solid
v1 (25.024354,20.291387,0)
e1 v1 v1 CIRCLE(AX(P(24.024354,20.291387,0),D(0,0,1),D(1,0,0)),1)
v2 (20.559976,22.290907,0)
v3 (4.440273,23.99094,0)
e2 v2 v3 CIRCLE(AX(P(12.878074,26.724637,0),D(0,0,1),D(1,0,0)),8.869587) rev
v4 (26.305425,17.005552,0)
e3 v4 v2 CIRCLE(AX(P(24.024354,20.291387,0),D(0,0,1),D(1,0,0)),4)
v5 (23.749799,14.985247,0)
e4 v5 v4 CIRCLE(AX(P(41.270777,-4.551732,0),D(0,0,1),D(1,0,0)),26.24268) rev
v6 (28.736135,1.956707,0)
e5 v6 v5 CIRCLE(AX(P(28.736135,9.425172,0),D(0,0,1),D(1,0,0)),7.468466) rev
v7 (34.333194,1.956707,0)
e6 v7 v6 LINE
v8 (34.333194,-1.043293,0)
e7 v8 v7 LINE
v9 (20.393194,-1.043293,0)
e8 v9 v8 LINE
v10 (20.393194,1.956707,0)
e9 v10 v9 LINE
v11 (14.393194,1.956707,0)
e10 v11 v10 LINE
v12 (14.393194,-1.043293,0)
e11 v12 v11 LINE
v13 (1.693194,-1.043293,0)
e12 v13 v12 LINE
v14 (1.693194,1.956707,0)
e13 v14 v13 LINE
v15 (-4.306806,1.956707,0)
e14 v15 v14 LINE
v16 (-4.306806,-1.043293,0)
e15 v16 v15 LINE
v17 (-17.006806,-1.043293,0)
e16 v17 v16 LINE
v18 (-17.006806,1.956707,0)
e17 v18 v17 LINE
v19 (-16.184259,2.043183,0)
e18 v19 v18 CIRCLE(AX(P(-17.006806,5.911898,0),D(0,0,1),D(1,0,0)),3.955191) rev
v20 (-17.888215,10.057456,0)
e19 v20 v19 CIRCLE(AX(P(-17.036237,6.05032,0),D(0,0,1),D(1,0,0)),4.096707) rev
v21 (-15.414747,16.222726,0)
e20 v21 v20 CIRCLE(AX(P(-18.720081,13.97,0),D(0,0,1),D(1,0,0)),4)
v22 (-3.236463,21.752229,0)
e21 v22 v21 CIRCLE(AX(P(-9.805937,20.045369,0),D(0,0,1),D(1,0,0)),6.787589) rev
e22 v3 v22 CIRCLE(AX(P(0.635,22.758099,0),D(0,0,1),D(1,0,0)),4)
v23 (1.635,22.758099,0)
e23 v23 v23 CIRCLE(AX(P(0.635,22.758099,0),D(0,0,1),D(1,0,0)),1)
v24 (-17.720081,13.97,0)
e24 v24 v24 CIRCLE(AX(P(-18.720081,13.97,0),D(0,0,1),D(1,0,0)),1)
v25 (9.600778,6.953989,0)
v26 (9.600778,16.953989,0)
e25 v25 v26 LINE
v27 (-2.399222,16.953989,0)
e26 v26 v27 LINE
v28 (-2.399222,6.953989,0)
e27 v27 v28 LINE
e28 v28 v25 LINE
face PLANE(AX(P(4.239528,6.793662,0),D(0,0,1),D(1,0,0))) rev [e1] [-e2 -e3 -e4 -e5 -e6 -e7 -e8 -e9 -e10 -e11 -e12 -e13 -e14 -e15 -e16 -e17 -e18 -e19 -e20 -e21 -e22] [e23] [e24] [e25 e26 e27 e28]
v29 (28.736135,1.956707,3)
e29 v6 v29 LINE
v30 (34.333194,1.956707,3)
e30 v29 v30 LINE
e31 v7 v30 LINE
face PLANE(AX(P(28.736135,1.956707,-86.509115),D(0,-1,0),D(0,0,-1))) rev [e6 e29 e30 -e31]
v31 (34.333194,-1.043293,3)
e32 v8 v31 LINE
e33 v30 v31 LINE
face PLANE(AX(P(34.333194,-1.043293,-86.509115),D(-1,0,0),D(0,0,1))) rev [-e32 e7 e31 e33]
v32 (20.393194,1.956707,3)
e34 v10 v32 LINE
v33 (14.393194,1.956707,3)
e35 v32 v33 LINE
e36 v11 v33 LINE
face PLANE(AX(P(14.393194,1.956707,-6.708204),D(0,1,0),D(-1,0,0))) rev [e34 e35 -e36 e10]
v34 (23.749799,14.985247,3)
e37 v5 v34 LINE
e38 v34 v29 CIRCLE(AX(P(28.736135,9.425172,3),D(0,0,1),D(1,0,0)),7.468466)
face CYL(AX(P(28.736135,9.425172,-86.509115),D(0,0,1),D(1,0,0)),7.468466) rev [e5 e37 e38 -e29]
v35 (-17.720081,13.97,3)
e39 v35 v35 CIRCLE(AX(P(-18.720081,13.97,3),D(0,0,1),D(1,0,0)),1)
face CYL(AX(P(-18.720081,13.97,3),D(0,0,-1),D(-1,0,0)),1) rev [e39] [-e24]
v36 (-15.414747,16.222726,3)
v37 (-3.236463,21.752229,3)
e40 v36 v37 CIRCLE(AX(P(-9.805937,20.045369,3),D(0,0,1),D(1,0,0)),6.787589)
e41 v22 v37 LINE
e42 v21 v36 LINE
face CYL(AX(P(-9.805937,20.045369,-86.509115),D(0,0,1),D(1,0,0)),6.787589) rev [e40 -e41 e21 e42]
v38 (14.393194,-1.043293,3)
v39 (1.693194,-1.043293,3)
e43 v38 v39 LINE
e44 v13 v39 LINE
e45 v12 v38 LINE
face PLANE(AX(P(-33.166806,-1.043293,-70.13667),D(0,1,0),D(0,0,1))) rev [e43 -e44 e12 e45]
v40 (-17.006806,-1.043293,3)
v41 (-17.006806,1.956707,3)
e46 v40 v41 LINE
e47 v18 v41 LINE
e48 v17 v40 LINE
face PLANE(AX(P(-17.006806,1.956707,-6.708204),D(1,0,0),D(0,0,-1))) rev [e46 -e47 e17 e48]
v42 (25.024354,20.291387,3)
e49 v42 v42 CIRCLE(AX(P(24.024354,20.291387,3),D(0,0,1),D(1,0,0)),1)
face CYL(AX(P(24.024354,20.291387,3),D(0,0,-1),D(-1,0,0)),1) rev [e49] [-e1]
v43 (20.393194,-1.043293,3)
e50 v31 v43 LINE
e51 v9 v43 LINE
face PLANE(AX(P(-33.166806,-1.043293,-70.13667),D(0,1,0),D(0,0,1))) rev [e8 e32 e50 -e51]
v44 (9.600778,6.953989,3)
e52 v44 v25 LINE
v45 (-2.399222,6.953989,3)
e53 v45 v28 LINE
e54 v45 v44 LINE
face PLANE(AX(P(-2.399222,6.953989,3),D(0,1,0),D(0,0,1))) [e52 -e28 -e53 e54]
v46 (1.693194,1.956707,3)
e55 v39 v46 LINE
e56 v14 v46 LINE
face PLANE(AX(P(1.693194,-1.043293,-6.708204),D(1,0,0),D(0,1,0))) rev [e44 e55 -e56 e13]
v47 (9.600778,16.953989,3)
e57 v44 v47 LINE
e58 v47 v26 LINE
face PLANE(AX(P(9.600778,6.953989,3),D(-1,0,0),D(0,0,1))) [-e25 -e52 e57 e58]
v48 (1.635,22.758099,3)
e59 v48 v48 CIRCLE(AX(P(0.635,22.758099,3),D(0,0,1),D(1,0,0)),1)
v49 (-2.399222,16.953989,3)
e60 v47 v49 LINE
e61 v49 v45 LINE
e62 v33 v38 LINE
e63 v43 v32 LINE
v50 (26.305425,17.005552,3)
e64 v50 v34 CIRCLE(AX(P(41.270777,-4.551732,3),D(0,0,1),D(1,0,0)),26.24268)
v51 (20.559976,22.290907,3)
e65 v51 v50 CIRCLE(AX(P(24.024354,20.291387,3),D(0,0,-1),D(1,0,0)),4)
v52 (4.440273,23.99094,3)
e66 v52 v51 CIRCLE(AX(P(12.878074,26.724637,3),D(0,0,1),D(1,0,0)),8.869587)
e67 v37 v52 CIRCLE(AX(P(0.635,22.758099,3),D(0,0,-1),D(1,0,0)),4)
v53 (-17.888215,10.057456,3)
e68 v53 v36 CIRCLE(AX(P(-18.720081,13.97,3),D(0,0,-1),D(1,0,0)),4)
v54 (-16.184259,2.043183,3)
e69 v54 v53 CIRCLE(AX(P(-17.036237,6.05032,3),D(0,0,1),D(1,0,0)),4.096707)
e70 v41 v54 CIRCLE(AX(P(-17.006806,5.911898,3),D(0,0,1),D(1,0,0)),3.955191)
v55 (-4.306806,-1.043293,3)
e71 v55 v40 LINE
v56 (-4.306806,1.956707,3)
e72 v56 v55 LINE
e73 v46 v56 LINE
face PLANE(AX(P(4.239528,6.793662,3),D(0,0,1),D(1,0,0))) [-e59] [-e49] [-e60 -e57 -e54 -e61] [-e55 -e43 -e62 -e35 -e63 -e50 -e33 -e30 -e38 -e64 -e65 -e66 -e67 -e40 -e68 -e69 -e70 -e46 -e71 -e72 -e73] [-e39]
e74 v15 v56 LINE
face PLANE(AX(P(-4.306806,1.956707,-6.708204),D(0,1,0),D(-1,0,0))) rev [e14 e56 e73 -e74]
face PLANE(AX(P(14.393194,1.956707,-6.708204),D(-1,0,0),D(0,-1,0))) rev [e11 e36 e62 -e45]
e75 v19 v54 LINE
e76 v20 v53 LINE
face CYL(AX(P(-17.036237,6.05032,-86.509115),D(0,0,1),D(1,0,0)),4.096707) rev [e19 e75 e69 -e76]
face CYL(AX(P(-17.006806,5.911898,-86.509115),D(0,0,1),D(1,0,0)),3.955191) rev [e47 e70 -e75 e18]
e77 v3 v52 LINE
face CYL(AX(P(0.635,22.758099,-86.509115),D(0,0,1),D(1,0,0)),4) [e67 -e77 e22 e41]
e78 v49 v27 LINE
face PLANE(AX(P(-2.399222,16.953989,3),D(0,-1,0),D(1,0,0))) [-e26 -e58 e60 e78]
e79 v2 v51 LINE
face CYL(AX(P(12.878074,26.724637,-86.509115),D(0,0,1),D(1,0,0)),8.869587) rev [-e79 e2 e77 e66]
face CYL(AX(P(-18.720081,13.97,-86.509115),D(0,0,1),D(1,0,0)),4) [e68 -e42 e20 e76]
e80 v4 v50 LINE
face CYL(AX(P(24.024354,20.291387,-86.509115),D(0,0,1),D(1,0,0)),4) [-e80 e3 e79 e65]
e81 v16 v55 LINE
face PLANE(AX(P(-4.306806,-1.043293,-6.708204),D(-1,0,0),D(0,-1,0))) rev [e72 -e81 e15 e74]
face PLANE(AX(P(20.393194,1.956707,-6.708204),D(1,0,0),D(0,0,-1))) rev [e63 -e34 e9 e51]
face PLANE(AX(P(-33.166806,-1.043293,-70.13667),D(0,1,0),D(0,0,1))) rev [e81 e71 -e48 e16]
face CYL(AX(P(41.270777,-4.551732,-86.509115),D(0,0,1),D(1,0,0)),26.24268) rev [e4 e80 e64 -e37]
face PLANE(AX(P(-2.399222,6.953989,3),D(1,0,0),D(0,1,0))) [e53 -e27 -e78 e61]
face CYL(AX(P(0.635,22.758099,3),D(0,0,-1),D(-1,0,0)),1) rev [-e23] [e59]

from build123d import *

# Parameters (mm, degrees)
SKETCH_2_R          = 1
SKETCH_2_W          = 12
SKETCH_2_H          = 10
EXTRUDE_1_DEPTH     = 3
SKETCH_3_W          = 67.5
SKETCH_3_H          = 19.05
CUT_EXTRUDE_1_DEPTH = 3
SKETCH_4_W          = 6
SKETCH_4_H          = 3
CUT_EXTRUDE_2_DEPTH = 3
CUT_EXTRUDE_START   = -3
CUT_EXTRUDE_3_DEPTH = 3


with BuildPart() as part:
    # 스케치2 → 보스-돌출1 (new body)
    with BuildSketch(Plane.XY):
        with BuildLine():
            Line((-25.485574715, -6.758293196), (31.501216284, -6.758293196))
            ThreePointArc((31.501216284, -6.758293196), (38.452055955, -4.004295945), (41.630451907, 2.763013133))
            ThreePointArc((41.630451907, 2.763013133), (34.930270172, 4.650120348), (27.980151111, 4.263527588))
            ThreePointArc((27.980151111, 4.263527588), (30.476148958, 15.174416231), (26.885608279, 25.775619647))
            ThreePointArc((26.885608279, 25.775619647), (19.196067088, 24.921345998), (12.532472084, 20.9900194))
            ThreePointArc((12.532472084, 20.9900194), (7.013386949, 25.131320034), (0.635, 27.763211294))
            ThreePointArc((0.635, 27.763211294), (-5.803216647, 23.07550321), (-10.623464465, 16.735909244))
            ThreePointArc((-10.623464465, 16.735909244), (-16.694266299, 18.270908366), (-22.954465563, 18.415))
            ThreePointArc((-22.954465563, 18.415), (-24.716513625, 12.803357438), (-25.333146618, 6.95398915))
            ThreePointArc((-25.333146618, 6.95398915), (-32.051736926, 6.951939733), (-37.86649166, 3.586217327))
            ThreePointArc((-37.86649166, 3.586217327), (-33.552420479, -3.831808304), (-25.485574715, -6.758293196))
        make_face()
        with Locations((-18.720080529, 13.97)):
            Circle(SKETCH_2_R, mode=Mode.SUBTRACT)
        with Locations((0.635, 22.758099244)):
            Circle(SKETCH_2_R, mode=Mode.SUBTRACT)
        with Locations((24.024354369, 20.291387406)):
            Circle(SKETCH_2_R, mode=Mode.SUBTRACT)
        with Locations((3.600778132, 11.95398915)):
            Rectangle(SKETCH_2_W, SKETCH_2_H, mode=Mode.SUBTRACT)
    extrude(amount=EXTRUDE_1_DEPTH)

    # 스케치3 → 컷-돌출1 (cut)
    with BuildSketch(Plane.XY.offset(3)):
        with Locations((0.583193505, -10.568293196)):
            Rectangle(SKETCH_3_W, SKETCH_3_H)
    extrude(amount=-CUT_EXTRUDE_1_DEPTH, mode=Mode.SUBTRACT)

    # 스케치4 → 컷-돌출2 (cut)
    with BuildSketch(Plane.XY.offset(3)):
        with Locations((-20.006806495, 0.456706804)):
            Rectangle(SKETCH_4_W, SKETCH_4_H)
        with Locations((17.393193505, 0.456706804)):
            Rectangle(SKETCH_4_W, SKETCH_4_H)
        with Locations((-1.306806495, 0.456706804)):
            Rectangle(SKETCH_4_W, SKETCH_4_H)
    extrude(amount=-CUT_EXTRUDE_2_DEPTH, mode=Mode.SUBTRACT)

    # 스케치6 → 컷-돌출3 (cut)
    with BuildSketch(Plane.XY.offset(3).offset(CUT_EXTRUDE_START)):
        with BuildLine():
            Line((-17.006806495, 1.956706804), (-23.006806495, 1.956706804))
            Line((-23.006806495, 1.956706804), (-23.006806495, -1.043293196))
            Line((-23.006806495, -1.043293196), (-33.166806495, -1.043293196))
            Line((-33.166806495, -1.043293196), (-33.166806495, -4.141334476))
            ThreePointArc((-33.166806495, -4.141334476), (-36.235049915, -0.71447027), (-37.86649166, 3.586217327))
            ThreePointArc((-37.86649166, 3.586217327), (-32.051736926, 6.951939733), (-25.333146618, 6.95398915))
            ThreePointArc((-25.333146618, 6.95398915), (-24.716513625, 12.803357438), (-22.954465563, 18.415))
            ThreePointArc((-22.954465563, 18.415), (-16.694266299, 18.270908366), (-10.623464465, 16.735909244))
            ThreePointArc((-10.623464465, 16.735909244), (-5.803216647, 23.07550321), (0.635, 27.763211294))
            ThreePointArc((0.635, 27.763211294), (7.013386949, 25.131320034), (12.532472084, 20.9900194))
            ThreePointArc((12.532472084, 20.9900194), (19.196067088, 24.921345998), (26.885608279, 25.775619647))
            ThreePointArc((26.885608279, 25.775619647), (30.476148958, 15.174416231), (27.980151111, 4.263527588))
            ThreePointArc((27.980151111, 4.263527588), (34.930270172, 4.650120348), (41.630451907, 2.763013133))
            ThreePointArc((41.630451907, 2.763013133), (39.424820657, -2.950900295), (34.333193505, -6.355154812))
            Line((34.333193505, -6.355154812), (34.333193505, -1.043293196))
            Line((34.333193505, -1.043293196), (34.333193505, 1.956706804))
            Line((34.333193505, 1.956706804), (28.736134873, 1.956706804))
            ThreePointArc((28.736134873, 1.956706804), (21.761064735, 6.755645136), (23.749798637, 14.985247192))
            ThreePointArc((23.749798637, 14.985247192), (24.996231791, 16.035094284), (26.305425054, 17.005551662))
            ThreePointArc((26.305425054, 17.005551662), (26.732453483, 23.235228296), (20.559975673, 22.290907411))
            ThreePointArc((20.559975673, 22.290907411), (11.947819263, 17.903967637), (4.440273192, 23.99093984))
            ThreePointArc((4.440273192, 23.99093984), (-0.484844776, 26.598144514), (-3.236462793, 21.752228554))
            ThreePointArc((-3.236462793, 21.752228554), (-6.999770707, 13.865014257), (-15.414747401, 16.222725663))
            ThreePointArc((-15.414747401, 16.222725663), (-20.472957028, 17.565472706), (-22.530630542, 12.753567266))
            ThreePointArc((-22.530630542, 12.753567266), (-20.728909441, 10.511010783), (-17.88821468, 10.057456172))
            ThreePointArc((-17.88821468, 10.057456172), (-13.029100566, 6.902297391), (-16.184259346, 2.043183277))
            ThreePointArc((-16.184259346, 2.043183277), (-16.593266293, 1.978385333), (-17.006806495, 1.956706804))
        make_face()
    extrude(amount=CUT_EXTRUDE_3_DEPTH, mode=Mode.SUBTRACT)


solid = part.part
